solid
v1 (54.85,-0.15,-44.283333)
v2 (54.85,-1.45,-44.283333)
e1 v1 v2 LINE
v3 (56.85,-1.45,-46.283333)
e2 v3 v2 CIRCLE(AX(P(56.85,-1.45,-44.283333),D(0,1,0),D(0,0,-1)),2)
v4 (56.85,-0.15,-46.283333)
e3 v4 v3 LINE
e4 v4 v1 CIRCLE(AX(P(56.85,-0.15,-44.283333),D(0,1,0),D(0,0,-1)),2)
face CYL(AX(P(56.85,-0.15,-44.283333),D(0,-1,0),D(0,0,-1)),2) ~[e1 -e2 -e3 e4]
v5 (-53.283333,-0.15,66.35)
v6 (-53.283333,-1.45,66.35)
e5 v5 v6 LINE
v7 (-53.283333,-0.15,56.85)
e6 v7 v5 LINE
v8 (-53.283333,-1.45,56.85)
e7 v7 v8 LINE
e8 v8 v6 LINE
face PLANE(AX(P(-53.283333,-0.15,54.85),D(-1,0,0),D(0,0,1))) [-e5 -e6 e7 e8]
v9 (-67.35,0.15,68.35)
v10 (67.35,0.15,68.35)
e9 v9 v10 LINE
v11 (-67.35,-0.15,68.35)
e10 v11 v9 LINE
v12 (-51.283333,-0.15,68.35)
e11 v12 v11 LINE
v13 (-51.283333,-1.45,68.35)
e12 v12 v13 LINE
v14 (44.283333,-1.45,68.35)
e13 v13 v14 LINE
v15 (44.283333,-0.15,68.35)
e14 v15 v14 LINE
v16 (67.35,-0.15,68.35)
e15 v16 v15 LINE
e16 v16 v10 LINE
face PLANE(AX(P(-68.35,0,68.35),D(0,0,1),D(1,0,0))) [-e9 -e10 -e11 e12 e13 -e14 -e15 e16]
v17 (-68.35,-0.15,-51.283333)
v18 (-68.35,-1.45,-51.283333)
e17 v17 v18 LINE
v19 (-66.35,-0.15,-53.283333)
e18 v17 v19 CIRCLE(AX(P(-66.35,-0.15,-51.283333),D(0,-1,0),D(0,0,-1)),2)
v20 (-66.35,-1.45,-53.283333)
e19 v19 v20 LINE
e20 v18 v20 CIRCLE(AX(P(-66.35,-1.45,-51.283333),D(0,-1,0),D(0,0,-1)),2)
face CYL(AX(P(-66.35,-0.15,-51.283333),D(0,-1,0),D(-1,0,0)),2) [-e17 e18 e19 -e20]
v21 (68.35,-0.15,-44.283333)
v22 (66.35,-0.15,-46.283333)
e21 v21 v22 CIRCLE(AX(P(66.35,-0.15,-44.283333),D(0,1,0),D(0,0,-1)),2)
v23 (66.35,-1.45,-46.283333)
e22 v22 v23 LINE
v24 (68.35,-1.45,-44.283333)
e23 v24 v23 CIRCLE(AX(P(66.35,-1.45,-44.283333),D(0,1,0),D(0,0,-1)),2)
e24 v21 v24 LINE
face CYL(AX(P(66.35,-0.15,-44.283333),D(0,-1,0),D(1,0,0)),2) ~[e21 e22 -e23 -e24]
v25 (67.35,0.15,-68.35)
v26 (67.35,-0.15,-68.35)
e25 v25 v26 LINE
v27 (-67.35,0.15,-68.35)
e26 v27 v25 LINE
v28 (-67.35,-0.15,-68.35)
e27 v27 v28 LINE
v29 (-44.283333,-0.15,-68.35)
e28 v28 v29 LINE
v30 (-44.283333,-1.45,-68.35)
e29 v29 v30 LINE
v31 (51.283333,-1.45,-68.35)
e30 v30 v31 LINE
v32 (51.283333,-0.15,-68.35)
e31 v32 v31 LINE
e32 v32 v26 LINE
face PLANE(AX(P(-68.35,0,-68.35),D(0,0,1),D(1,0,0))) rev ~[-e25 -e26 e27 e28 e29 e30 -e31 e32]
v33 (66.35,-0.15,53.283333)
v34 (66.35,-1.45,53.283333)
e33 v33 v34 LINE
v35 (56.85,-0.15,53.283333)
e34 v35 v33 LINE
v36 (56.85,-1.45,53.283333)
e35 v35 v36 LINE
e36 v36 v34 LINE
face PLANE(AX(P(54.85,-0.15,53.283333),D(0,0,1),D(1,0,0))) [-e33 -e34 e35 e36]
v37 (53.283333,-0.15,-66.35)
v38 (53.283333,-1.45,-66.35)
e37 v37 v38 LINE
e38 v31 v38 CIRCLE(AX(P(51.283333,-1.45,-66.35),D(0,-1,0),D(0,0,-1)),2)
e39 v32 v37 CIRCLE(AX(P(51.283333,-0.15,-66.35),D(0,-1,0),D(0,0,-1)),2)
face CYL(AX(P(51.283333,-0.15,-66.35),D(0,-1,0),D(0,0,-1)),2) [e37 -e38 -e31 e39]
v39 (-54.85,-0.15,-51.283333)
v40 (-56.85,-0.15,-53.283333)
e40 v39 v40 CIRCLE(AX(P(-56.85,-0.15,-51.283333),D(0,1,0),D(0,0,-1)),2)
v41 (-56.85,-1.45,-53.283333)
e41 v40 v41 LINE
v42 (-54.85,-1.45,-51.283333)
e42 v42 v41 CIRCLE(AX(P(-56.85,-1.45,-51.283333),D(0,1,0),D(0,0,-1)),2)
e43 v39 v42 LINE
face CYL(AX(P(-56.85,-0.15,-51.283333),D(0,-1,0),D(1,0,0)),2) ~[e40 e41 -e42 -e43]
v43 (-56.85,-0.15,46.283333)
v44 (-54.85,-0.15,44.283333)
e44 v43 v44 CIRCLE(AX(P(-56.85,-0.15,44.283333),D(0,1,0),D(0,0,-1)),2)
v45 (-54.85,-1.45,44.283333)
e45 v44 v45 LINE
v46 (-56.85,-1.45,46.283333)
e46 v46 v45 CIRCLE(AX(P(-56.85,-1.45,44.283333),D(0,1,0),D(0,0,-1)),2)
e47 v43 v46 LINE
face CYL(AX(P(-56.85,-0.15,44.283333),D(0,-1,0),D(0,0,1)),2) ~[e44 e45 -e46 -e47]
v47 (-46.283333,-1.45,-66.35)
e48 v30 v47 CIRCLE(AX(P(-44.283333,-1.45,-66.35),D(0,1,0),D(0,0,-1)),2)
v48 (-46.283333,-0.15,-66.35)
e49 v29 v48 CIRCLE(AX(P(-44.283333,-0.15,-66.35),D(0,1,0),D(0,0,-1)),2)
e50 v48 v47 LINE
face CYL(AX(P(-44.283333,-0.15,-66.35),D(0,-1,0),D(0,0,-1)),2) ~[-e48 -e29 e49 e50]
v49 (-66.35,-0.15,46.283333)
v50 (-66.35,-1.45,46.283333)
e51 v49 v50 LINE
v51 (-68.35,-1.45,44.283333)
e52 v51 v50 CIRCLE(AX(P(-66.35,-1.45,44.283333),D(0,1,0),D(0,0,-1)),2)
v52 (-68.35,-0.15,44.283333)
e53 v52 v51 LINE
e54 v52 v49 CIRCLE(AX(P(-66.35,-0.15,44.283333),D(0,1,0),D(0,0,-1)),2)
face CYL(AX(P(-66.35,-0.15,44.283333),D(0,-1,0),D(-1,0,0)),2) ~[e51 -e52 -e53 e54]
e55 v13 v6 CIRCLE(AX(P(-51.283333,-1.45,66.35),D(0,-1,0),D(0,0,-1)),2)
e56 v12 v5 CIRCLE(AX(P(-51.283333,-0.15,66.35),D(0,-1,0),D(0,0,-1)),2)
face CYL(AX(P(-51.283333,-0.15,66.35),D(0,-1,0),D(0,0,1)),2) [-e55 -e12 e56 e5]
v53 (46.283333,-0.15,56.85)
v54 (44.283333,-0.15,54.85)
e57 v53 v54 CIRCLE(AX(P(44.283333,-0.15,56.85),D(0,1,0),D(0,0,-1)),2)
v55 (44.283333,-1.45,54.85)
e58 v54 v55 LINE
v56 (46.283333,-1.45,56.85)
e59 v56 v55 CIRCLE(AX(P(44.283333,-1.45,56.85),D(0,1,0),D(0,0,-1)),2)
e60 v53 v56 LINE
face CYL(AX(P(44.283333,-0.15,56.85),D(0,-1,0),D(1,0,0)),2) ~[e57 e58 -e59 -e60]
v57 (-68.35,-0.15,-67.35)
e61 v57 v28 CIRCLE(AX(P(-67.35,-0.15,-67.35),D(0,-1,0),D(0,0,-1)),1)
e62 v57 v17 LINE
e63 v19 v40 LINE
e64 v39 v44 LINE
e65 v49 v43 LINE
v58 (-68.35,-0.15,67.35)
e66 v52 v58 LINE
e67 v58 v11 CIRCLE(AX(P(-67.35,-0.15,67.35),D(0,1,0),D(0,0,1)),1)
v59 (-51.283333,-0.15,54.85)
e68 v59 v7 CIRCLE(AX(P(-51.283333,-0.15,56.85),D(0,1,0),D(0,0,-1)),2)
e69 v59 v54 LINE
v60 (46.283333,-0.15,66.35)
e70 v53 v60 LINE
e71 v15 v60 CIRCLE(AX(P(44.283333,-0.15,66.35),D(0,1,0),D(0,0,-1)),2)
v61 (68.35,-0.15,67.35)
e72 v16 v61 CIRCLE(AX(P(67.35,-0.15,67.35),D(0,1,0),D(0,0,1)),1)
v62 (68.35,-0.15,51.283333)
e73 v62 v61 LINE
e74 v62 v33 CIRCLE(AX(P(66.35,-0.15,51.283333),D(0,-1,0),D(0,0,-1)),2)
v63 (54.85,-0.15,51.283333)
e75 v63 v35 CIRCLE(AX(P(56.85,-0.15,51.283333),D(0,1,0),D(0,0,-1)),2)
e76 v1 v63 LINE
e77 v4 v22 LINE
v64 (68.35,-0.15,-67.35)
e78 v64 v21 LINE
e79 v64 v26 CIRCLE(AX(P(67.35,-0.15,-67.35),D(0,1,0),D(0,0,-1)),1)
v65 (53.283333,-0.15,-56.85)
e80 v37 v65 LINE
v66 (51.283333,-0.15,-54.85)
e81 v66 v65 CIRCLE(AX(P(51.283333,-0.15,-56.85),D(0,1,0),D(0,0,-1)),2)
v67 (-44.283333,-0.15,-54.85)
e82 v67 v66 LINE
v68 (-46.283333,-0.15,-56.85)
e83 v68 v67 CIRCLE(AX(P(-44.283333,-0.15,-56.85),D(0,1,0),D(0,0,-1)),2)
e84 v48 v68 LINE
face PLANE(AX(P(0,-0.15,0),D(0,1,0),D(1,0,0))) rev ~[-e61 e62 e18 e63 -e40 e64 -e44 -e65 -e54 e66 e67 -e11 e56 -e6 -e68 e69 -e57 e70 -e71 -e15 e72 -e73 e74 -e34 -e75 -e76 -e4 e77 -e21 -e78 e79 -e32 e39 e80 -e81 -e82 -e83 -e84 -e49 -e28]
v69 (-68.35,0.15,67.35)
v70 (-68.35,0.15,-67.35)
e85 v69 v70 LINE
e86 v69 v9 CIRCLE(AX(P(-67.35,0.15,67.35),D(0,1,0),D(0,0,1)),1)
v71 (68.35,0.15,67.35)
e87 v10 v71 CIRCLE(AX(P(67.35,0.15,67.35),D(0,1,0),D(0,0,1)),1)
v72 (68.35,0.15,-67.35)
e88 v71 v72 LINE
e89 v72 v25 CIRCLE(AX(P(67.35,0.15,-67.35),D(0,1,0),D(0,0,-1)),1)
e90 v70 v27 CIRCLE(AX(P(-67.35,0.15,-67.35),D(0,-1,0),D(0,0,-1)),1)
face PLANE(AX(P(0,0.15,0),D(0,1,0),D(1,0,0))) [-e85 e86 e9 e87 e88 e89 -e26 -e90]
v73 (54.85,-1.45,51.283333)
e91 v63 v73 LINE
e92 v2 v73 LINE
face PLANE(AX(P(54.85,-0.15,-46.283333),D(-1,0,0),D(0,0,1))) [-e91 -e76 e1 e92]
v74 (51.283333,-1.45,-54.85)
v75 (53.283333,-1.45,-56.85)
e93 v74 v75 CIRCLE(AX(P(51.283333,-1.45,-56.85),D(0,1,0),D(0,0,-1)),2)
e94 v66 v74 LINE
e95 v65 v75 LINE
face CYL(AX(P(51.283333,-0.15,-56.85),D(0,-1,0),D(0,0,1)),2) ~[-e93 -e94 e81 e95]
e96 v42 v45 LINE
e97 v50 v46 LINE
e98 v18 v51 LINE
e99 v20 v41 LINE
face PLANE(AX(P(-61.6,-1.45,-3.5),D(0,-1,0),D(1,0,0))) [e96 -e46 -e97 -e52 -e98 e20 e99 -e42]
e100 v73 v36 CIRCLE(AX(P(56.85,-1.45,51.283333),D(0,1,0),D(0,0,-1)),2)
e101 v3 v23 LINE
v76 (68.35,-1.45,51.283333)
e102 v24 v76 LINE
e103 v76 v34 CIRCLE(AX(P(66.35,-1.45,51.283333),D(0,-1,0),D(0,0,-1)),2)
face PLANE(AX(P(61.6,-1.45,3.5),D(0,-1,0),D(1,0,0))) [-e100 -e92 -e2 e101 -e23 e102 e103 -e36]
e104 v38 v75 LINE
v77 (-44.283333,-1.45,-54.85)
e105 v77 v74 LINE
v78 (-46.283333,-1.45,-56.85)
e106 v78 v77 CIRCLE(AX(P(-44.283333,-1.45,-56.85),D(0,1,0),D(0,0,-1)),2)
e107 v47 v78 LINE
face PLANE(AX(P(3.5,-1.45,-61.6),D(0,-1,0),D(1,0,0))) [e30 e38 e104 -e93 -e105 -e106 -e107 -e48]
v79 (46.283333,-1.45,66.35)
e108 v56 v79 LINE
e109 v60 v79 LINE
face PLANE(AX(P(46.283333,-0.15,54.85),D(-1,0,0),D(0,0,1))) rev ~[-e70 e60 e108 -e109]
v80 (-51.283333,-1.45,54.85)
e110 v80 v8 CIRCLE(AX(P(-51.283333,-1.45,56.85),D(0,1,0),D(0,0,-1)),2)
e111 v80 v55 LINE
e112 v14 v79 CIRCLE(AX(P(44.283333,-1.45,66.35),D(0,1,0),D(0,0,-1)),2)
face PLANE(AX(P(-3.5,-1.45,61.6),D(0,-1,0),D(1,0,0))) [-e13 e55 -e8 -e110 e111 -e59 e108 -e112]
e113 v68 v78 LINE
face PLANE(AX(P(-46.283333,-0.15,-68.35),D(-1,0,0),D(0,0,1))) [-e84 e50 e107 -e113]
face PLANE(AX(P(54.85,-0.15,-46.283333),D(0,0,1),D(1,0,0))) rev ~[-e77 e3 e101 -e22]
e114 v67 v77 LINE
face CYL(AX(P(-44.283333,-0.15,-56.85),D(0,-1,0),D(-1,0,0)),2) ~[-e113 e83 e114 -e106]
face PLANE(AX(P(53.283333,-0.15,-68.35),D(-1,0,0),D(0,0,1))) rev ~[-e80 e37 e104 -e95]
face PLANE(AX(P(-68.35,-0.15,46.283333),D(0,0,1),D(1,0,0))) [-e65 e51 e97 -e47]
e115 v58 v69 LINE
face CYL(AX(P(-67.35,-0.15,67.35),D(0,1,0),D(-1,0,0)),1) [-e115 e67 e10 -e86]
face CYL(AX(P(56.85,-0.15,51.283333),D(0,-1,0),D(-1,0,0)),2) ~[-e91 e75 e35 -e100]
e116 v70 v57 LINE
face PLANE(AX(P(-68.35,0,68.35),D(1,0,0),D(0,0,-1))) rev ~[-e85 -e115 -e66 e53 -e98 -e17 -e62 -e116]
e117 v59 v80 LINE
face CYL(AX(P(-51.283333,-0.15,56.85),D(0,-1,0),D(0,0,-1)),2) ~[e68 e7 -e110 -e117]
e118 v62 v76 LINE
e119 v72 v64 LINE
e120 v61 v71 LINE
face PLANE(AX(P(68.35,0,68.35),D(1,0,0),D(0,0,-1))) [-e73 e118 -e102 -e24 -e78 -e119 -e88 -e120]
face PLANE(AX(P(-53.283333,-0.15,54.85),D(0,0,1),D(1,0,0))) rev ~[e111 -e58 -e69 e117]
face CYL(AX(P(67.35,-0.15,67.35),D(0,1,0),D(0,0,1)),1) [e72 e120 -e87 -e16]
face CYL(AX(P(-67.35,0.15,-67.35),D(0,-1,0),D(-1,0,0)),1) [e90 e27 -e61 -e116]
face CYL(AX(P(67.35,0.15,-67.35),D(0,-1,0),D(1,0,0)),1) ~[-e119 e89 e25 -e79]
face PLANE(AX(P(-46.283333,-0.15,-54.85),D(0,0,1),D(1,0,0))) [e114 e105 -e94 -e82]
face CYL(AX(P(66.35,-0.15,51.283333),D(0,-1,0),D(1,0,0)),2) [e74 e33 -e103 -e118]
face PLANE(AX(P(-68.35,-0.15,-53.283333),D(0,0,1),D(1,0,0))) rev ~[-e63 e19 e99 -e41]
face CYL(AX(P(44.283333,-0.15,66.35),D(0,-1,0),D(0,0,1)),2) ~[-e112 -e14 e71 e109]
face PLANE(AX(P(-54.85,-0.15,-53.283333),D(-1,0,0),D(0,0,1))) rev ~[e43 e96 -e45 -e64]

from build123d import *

# Parameters (mm, degrees)
SKETCH1_W           = 136.7
SKETCH1_H           = 136.7
BOSS_EXTRUDE1_DEPTH = 0.15
SKETCH2_W           = 13.5
SKETCH2_H           = 99.566666666
SKETCH2_W_2         = 99.566666666
SKETCH2_H_2         = 13.5
BOSS_EXTRUDE2_DEPTH = 1.3
FILLET1_R           = 2
FILLET2_R           = 1


with BuildPart() as part:
    # Sketch1 → Boss-Extrude1 (new, symmetric)
    with BuildSketch(Plane(origin=(0, 0, 0), x_dir=(1, 0, 0), z_dir=(0, 1, 0))):
        Rectangle(SKETCH1_W, SKETCH1_H)
    extrude(amount=BOSS_EXTRUDE1_DEPTH, both=True)

    # Sketch2 → Boss-Extrude2 (add)
    with BuildSketch(Plane.XZ.offset(0.15)):
        with Locations((-61.6, -3.5)):
            Rectangle(SKETCH2_W, SKETCH2_H)
        with Locations((3.5, -61.6)):
            Rectangle(SKETCH2_W_2, SKETCH2_H_2)
        with Locations((-3.5, 61.6)):
            Rectangle(SKETCH2_W_2, SKETCH2_H_2)
        with Locations((61.6, 3.5)):
            Rectangle(SKETCH2_W, SKETCH2_H)
    extrude(amount=BOSS_EXTRUDE2_DEPTH)

    # Fillet1
    fillet1_edges = [part.edges().sort_by_distance(p)[0] for p in [
        (53.283333333, -0.8, -68.35),
        (53.283333333, -0.8, -54.85),
        (-46.283333333, -0.8, -54.85),
        (-46.283333333, -0.8, -68.35),
        (-54.85, -0.8, -53.283333333),
        (-54.85, -0.8, 46.283333333),
        (-68.35, -0.8, 46.283333333),
        (-68.35, -0.8, -53.283333333),
        (-53.283333333, -0.8, 54.85),
        (46.283333333, -0.8, 54.85),
        (46.283333333, -0.8, 68.35),
        (-53.283333333, -0.8, 68.35),
        (54.85, -0.8, 53.283333333),
        (54.85, -0.8, -46.283333333),
        (68.35, -0.8, -46.283333333),
        (68.35, -0.8, 53.283333333),
    ]]
    fillet(fillet1_edges, radius=FILLET1_R)

    # Fillet2
    fillet2_edges = [part.edges().sort_by_distance(p)[0] for p in [
        (68.35, 0, 68.35),
        (-68.35, 0, 68.35),
        (-68.35, 0, -68.35),
        (68.35, 0, -68.35),
    ]]
    fillet(fillet2_edges, radius=FILLET2_R)


solid = part.part
